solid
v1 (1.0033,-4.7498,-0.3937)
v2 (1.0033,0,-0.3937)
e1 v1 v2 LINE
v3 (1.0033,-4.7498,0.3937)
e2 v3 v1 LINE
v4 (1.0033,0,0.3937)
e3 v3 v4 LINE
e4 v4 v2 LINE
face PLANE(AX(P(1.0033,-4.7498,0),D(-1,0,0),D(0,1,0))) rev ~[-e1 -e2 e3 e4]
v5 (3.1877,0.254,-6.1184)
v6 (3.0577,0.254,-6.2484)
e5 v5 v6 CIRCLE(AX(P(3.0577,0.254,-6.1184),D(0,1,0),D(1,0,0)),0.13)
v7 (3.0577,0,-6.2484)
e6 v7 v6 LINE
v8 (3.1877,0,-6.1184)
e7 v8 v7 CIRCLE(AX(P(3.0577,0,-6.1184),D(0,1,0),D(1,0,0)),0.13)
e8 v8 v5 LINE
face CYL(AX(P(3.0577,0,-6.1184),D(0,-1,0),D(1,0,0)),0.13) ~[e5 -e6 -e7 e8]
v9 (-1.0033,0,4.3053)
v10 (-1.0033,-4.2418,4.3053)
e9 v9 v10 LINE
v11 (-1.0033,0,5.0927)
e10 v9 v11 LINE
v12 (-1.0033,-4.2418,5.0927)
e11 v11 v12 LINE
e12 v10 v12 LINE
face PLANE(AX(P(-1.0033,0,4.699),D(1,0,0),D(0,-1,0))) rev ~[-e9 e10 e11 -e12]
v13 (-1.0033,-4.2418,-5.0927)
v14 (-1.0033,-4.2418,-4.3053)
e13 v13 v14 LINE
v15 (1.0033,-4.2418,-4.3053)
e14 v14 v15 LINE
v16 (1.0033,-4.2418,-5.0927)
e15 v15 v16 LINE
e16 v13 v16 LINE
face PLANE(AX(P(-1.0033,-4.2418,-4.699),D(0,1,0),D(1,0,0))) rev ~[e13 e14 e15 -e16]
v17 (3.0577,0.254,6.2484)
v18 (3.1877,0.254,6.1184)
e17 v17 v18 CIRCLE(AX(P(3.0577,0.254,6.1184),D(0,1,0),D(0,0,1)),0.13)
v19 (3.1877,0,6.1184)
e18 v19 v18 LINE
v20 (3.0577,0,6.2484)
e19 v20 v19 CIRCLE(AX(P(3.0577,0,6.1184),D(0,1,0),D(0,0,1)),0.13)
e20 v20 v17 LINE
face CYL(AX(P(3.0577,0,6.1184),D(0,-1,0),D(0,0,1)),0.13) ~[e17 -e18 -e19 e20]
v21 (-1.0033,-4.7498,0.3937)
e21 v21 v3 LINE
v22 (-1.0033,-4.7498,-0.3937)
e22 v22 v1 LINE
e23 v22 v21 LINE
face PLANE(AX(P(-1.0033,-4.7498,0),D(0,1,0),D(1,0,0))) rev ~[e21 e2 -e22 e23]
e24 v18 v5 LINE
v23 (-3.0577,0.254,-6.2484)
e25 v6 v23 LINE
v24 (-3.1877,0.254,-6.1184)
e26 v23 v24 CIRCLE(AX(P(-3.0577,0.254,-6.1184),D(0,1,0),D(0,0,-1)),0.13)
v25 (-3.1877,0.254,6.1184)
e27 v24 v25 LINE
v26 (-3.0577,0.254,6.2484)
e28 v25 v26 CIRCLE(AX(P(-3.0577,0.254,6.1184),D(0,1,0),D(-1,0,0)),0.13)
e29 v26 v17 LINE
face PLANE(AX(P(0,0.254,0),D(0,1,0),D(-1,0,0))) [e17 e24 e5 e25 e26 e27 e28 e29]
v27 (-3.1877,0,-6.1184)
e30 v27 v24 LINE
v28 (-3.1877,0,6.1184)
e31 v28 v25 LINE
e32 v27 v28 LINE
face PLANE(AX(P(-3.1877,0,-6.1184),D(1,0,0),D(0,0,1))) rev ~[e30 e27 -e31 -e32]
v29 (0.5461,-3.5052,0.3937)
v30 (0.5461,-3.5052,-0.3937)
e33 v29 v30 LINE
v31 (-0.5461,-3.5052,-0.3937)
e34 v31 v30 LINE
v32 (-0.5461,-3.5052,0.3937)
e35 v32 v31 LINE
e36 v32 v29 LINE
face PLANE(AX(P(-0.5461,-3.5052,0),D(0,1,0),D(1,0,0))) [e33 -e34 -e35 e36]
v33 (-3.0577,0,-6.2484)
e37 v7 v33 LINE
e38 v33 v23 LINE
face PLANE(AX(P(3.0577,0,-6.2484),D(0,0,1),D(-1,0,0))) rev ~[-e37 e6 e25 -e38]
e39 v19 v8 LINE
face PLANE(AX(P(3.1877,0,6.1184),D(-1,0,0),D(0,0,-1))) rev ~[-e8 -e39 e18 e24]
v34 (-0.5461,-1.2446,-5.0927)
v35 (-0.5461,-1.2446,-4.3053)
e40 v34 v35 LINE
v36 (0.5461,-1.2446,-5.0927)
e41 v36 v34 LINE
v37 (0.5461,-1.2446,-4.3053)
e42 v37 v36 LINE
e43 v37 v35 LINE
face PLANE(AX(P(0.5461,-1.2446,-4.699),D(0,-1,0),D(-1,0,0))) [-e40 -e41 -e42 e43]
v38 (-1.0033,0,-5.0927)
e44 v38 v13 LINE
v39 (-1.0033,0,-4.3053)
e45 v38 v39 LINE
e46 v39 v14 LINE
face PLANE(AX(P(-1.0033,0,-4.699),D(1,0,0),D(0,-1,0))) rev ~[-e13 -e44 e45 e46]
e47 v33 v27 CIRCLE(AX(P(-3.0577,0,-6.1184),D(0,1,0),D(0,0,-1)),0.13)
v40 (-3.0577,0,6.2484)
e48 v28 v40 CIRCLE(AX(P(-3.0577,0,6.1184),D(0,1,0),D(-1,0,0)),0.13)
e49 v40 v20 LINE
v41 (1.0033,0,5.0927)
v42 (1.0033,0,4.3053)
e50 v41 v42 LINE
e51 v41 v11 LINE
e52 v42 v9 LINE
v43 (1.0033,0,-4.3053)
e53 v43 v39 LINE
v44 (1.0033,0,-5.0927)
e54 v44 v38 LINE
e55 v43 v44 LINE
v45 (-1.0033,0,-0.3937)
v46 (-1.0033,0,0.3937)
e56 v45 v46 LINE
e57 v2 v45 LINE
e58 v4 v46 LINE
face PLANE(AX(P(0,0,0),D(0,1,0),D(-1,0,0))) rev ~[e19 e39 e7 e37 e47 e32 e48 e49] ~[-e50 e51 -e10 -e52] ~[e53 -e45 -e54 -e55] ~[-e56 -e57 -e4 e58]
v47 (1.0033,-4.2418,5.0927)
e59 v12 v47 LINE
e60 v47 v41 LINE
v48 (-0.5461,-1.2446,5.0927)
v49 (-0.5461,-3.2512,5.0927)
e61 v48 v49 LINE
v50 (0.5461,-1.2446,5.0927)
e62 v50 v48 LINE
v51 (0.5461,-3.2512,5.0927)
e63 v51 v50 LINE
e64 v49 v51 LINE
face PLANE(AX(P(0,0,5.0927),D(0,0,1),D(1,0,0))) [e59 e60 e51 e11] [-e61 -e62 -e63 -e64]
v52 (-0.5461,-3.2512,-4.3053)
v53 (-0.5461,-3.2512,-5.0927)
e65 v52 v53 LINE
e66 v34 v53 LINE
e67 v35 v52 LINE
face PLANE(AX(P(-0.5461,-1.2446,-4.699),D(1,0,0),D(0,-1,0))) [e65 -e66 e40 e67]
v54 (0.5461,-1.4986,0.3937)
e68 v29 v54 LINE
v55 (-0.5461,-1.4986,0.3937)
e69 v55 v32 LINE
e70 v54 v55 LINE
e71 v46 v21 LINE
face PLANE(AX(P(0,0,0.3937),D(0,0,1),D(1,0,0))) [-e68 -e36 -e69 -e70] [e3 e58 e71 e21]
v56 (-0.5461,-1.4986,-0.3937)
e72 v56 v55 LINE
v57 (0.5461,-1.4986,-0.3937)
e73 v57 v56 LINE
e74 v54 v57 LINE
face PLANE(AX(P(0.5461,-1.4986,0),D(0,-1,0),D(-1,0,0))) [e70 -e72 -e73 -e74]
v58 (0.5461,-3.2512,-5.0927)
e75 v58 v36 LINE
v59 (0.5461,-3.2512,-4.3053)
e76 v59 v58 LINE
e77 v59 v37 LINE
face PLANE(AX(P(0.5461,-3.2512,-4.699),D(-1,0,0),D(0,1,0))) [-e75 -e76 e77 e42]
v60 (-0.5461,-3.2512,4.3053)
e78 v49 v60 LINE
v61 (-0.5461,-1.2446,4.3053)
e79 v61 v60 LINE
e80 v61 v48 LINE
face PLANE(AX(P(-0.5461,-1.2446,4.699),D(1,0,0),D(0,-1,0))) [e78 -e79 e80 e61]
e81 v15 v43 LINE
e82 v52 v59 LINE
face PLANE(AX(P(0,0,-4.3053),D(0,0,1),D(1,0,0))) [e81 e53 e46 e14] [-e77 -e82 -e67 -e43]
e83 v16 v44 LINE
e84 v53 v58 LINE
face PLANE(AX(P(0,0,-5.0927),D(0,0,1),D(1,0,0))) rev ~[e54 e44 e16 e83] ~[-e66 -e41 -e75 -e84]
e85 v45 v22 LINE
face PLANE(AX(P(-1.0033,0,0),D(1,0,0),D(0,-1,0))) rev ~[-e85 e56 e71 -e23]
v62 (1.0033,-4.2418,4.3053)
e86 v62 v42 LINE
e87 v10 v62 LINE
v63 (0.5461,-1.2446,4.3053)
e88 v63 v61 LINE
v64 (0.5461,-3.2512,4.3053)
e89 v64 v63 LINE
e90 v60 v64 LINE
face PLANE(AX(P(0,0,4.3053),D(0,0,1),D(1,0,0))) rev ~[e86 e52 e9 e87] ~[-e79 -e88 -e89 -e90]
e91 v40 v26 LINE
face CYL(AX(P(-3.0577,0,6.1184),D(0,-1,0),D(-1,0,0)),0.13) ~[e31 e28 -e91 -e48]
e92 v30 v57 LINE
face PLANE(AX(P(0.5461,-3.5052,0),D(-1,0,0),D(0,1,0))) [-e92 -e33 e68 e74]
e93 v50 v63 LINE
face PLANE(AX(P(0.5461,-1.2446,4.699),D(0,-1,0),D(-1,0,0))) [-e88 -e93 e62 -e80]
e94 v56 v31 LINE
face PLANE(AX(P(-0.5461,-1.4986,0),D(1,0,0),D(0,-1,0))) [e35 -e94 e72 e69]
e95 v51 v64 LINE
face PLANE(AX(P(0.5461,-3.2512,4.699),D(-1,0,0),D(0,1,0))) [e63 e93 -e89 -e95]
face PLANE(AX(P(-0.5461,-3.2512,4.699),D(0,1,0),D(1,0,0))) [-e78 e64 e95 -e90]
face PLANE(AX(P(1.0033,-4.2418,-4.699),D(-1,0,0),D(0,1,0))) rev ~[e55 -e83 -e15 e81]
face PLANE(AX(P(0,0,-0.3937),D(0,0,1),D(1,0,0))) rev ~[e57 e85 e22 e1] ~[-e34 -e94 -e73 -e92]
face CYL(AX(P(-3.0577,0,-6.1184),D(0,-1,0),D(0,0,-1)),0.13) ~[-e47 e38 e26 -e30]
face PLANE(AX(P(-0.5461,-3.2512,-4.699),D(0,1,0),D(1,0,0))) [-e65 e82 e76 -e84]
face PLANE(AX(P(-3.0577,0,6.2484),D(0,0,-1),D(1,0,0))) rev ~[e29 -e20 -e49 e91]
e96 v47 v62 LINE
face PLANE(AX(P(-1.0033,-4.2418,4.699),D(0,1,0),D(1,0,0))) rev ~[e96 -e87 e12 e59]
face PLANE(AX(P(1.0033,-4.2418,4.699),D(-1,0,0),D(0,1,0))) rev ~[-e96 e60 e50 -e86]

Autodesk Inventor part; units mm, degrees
sketch "Sketch_2" plane through (0, 0, 0) normal (0, 1, 0) x (-1, 0, 0)
  line L0 (3.1877, -6.1184) -> (3.1877, 6.1184)
  arc A0 (3.1877, 6.1184) -> (3.0577, 6.2484) centre (3.0577, 6.1184) ccw
  line L1 (3.0577, 6.2484) -> (-3.0577, 6.2484)
  arc A1 (-3.0577, 6.2484) -> (-3.1877, 6.1184) centre (-3.0577, 6.1184) ccw
  line L2 (-3.1877, 6.1184) -> (-3.1877, -6.1184)
  arc A2 (-3.1877, -6.1184) -> (-3.0577, -6.2484) centre (-3.0577, -6.1184) ccw
  line L3 (-3.0577, -6.2484) -> (3.0577, -6.2484)
  arc A3 (3.0577, -6.2484) -> (3.1877, -6.1184) centre (3.0577, -6.1184) ccw
extrude "Extrusion1" add sketch "Sketch_2" along normal blind 0.254
sketch "Sketch_1" plane through (0, 0, -4.699) normal (0, 0, 1) x (1, 0, 0)
  line L0 (-1.0033, 0) -> (-1.0033, -4.2418)
  line L1 (-1.0033, -4.2418) -> (1.0033, -4.2418)
  line L2 (1.0033, -4.2418) -> (1.0033, 0)
  line L3 (1.0033, 0) -> (-1.0033, 0)
  line L4 (-0.5461, -1.2446) -> (-0.5461, -3.2512)
  line L5 (-0.5461, -3.2512) -> (0.5461, -3.2512)
  line L6 (0.5461, -3.2512) -> (0.5461, -1.2446)
  line L7 (0.5461, -1.2446) -> (-0.5461, -1.2446)
extrude "Extrusion2" add sketch "Sketch_1" along normal mid plane 0.7874
pattern_linear "Rectangular Pattern1" count 2 spacing 9.398 along (0, 0, 1) of "Extrusion2"
sketch "Sketch_14" plane through (0, 0, 0) normal (0, 0, 1) x (1, 0, 0)
  line L0 (-1.0033, 0) -> (-1.0033, -4.7498)
  line L1 (-1.0033, -4.7498) -> (1.0033, -4.7498)
  line L2 (1.0033, -4.7498) -> (1.0033, 0)
  line L3 (1.0033, 0) -> (-1.0033, 0)
  line L4 (-0.5461, -1.4986) -> (-0.5461, -3.5052)
  line L5 (-0.5461, -3.5052) -> (0.5461, -3.5052)
  line L6 (0.5461, -3.5052) -> (0.5461, -1.4986)
  line L7 (0.5461, -1.4986) -> (-0.5461, -1.4986)
extrude "Extrusion3" add sketch "Sketch_14" along normal mid plane 0.7874
ref_plane "to_base_XY" through (0, 0, 0) normal (0, 1, 0) x (1, 0, 0)
ref_plane "to_base_YZ" through (0, 0, 0) normal (1, 0, 0) x (0, 0, -1)
ref_plane "to_base_ZX" through (0, 0, 0) normal (0, 0, -1) x (0, 1, 0)
properties part number "M201901-terminals"
